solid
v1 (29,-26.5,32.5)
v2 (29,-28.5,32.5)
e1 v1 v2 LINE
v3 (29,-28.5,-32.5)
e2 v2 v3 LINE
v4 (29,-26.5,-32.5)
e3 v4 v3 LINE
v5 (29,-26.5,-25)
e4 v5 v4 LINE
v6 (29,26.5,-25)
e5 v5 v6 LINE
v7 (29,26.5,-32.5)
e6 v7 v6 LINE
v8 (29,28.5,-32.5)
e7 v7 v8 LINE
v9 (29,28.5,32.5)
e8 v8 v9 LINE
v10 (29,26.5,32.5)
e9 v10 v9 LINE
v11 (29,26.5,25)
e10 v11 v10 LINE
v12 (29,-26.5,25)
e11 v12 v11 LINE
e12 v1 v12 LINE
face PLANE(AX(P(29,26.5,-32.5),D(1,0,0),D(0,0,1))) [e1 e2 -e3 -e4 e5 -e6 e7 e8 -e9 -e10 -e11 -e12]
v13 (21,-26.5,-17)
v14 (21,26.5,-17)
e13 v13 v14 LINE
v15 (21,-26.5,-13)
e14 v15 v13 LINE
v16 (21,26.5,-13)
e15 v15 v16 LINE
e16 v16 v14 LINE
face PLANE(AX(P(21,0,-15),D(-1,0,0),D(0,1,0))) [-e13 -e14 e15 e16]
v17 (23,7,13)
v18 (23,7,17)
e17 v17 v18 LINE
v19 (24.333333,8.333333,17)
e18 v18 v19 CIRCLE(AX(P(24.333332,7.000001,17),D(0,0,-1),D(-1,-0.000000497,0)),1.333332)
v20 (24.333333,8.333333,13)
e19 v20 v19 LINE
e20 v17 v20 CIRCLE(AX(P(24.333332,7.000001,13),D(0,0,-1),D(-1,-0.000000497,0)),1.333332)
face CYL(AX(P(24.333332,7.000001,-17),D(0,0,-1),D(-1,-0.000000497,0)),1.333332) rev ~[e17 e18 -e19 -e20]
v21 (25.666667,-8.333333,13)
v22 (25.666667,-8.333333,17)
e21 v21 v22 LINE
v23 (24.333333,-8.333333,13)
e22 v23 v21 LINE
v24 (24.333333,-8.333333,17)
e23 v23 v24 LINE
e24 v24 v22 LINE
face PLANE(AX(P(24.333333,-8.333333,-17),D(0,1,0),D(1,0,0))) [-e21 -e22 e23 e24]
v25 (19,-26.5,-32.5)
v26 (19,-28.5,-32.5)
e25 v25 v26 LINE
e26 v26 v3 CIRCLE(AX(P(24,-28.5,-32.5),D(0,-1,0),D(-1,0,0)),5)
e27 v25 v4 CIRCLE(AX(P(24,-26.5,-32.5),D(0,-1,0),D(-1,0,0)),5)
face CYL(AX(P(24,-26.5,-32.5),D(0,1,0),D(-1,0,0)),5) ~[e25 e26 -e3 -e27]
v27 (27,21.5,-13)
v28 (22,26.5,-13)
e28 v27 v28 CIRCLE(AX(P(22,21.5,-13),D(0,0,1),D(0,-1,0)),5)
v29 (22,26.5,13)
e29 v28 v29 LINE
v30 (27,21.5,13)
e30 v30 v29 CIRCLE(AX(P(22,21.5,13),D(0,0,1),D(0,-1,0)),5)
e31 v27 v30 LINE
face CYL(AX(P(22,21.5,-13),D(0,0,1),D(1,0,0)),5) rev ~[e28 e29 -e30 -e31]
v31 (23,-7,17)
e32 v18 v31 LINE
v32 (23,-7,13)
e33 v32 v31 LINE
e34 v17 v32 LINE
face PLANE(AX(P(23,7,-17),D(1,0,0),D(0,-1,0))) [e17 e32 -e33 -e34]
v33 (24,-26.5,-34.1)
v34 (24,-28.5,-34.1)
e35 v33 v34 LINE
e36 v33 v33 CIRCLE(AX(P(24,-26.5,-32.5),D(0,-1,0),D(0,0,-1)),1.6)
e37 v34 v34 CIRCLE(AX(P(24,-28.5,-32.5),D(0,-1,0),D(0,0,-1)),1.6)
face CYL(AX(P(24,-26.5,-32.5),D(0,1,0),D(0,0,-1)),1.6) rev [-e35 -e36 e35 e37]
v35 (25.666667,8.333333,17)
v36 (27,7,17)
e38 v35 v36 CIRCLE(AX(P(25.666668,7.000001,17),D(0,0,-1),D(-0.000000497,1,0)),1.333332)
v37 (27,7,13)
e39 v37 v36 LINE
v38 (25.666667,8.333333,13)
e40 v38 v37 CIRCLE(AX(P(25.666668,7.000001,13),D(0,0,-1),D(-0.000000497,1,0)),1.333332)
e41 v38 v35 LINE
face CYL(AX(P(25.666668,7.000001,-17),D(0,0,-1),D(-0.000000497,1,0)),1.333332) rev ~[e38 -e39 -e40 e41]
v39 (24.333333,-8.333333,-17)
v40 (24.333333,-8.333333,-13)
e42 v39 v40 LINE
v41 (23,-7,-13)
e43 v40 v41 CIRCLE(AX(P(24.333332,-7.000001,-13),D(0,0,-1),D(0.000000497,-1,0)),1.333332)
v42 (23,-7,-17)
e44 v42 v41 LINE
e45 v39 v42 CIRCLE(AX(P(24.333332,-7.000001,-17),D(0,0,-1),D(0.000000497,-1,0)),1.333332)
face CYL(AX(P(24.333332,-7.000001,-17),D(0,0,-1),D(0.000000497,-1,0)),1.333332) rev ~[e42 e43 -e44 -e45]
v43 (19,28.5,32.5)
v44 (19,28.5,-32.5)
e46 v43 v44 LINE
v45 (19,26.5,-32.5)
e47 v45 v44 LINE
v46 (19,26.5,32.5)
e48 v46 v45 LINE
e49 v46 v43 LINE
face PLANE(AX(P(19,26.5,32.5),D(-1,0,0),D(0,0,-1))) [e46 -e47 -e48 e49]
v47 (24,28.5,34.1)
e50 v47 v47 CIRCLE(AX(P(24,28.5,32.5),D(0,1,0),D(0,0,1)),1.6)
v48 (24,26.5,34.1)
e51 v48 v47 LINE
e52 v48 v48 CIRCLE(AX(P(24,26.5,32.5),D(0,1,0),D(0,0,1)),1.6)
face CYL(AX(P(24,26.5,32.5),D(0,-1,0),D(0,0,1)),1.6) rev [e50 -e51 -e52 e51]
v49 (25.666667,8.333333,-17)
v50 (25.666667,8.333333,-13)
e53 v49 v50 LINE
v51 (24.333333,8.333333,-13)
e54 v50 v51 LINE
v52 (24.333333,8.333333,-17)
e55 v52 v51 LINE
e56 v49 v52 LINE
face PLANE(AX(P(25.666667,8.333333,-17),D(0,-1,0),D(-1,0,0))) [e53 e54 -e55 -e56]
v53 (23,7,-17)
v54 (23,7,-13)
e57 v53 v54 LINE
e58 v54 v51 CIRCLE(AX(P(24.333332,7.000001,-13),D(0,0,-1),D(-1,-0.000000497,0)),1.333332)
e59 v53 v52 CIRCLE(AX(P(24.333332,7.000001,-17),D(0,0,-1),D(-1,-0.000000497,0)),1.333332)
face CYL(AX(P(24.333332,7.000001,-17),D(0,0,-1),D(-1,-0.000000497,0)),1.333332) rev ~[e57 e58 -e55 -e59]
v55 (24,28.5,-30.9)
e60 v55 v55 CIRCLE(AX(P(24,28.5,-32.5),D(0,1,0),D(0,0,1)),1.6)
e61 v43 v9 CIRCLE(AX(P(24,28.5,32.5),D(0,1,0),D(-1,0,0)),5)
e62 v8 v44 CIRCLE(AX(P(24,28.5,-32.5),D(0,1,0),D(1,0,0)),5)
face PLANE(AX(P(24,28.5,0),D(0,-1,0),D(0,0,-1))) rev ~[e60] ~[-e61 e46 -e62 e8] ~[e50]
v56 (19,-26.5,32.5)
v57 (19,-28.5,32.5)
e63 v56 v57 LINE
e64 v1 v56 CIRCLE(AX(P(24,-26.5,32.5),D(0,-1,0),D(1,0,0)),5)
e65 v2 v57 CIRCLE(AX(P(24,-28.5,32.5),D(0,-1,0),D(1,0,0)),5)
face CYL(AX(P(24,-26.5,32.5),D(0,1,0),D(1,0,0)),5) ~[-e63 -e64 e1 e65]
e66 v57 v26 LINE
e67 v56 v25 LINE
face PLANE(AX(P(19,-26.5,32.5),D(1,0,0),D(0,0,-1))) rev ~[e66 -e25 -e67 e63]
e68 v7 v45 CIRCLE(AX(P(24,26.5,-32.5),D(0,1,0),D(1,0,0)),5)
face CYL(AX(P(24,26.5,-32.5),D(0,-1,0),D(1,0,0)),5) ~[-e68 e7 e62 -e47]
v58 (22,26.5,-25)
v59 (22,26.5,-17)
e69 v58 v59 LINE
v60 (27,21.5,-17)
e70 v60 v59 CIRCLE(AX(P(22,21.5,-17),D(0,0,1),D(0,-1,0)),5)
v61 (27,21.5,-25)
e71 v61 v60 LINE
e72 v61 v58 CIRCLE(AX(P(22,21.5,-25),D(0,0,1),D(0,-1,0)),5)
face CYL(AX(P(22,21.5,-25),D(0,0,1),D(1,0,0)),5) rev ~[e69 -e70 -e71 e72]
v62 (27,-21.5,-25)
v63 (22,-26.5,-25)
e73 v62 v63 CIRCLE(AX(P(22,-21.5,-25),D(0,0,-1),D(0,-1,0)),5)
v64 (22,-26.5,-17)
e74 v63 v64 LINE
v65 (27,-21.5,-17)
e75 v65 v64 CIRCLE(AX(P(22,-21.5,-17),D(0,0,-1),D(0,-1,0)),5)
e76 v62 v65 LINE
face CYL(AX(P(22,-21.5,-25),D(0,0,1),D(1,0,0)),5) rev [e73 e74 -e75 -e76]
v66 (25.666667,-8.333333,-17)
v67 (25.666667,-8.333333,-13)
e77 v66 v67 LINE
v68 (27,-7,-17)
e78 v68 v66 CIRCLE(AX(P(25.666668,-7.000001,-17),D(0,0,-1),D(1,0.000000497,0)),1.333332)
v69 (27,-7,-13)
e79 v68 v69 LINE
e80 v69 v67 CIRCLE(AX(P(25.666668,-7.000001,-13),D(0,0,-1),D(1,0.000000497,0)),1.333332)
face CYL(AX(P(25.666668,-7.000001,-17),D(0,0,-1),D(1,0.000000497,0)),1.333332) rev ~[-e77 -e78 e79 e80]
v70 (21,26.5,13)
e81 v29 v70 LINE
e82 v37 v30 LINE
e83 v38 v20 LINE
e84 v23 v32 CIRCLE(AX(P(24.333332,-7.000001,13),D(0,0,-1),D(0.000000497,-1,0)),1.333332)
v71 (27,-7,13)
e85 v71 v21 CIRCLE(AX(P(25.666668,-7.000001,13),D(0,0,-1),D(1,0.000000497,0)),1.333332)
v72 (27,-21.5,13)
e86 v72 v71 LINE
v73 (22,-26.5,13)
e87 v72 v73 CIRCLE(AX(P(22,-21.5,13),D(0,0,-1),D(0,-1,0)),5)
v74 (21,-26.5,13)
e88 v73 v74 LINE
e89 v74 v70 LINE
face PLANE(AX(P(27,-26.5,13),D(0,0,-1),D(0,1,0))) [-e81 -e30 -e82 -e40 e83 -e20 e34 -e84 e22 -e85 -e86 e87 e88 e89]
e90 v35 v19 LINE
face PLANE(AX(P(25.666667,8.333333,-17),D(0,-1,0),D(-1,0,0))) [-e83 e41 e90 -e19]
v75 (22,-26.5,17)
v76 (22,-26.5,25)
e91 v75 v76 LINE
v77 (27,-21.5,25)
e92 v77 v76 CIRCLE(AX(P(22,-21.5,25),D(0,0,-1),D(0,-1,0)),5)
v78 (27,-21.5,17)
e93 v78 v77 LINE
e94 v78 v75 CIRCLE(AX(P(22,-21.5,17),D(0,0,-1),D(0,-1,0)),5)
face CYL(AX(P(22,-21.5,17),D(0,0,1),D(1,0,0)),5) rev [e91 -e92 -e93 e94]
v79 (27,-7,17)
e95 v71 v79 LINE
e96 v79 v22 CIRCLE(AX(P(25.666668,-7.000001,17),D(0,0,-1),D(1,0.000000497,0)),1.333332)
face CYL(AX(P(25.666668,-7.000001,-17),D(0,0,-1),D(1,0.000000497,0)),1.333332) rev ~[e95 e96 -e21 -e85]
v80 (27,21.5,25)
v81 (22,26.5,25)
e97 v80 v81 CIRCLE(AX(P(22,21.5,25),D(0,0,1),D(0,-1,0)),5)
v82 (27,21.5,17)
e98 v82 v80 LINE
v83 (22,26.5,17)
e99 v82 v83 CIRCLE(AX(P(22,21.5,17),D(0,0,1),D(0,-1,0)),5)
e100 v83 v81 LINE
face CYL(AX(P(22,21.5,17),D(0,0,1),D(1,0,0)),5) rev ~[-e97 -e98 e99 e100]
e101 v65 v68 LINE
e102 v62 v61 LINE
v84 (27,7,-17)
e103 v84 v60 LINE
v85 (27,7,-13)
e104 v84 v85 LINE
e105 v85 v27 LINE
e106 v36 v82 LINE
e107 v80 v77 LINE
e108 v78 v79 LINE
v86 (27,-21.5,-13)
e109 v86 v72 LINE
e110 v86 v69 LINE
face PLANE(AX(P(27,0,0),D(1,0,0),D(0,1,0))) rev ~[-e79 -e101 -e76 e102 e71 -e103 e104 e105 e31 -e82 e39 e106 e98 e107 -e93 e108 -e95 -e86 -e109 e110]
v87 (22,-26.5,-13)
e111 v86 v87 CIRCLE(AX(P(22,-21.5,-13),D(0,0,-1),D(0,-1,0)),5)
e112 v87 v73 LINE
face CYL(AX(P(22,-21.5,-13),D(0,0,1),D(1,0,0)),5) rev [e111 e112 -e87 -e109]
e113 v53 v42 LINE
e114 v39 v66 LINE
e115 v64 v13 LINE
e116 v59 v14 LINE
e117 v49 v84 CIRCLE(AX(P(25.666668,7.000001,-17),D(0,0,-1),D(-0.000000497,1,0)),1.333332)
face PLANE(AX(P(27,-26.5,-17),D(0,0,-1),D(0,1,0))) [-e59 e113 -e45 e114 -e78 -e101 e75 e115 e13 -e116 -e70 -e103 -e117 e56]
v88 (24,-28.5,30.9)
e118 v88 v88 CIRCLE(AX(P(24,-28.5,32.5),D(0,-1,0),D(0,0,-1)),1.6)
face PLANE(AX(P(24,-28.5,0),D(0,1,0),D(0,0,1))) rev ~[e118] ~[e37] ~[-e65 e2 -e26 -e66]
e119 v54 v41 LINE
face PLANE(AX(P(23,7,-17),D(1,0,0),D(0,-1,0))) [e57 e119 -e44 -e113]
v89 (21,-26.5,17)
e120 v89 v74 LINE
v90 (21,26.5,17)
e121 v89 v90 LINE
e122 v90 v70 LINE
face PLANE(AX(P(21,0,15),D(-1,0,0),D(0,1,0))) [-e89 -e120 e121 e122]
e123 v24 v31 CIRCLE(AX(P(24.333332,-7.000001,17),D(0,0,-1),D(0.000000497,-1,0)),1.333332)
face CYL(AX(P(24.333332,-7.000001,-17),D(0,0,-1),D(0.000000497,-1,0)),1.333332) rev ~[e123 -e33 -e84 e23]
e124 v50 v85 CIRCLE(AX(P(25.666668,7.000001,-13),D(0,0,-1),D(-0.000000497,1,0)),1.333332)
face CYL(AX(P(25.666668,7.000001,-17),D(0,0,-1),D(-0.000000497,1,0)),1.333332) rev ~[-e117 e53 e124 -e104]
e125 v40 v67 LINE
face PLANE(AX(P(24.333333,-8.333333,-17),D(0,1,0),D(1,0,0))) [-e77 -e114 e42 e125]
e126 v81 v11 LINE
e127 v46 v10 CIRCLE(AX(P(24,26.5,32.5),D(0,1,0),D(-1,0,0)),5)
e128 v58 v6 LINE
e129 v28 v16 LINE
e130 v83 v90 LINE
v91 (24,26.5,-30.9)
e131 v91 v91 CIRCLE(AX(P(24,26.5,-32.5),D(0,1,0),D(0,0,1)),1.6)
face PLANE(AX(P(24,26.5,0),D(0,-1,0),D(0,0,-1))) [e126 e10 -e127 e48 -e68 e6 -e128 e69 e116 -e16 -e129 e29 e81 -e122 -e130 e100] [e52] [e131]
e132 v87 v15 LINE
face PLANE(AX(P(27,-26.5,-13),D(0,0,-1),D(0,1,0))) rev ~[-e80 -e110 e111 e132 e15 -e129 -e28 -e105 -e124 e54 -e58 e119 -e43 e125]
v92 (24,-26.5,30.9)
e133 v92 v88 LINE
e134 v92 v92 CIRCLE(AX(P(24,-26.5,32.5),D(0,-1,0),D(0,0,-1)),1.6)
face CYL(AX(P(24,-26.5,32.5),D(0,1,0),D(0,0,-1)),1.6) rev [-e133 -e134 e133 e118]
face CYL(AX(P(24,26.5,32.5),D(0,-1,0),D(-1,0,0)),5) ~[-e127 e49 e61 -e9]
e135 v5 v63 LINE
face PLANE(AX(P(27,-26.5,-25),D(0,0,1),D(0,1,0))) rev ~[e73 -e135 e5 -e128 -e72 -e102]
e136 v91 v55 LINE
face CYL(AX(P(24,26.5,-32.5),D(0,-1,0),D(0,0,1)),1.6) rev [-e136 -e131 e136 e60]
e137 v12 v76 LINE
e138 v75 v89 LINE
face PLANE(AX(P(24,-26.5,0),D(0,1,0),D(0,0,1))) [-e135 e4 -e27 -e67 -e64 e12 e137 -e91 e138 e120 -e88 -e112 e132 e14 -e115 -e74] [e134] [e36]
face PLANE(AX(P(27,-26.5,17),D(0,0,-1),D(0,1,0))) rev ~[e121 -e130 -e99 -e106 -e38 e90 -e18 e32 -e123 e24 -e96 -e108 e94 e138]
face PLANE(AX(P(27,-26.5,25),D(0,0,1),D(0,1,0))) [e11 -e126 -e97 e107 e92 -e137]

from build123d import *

# Parameters (mm, degrees)
SKETCH_W     = 53
SKETCH_H     = 50
PAD_DEPTH    = 2
SKETCH001_R  = 1.6
PAD001_DEPTH = 2
SKETCH002_R  = 1.6
PAD002_DEPTH = 2
SKETCH003_W  = 53
SKETCH003_H  = 4
PAD003_DEPTH = 6
POCKET_DEPTH = 50
FILLET_R     = 5


with BuildPart() as part:
    # Sketch → Pad (new body)
    with BuildSketch(Plane.YZ.offset(27)):
        Rectangle(SKETCH_W, SKETCH_H)
    extrude(amount=PAD_DEPTH)

    # Sketch001 (on Face4 of Pad) → Pad001 (join)
    with BuildSketch(Plane(origin=(27, -26.5, 0), x_dir=(0, 0, -1), z_dir=(0, -1, 0))):
        with BuildLine():
            Line((-32.5, 2), (32.5, 2))
            ThreePointArc((32.5, -8), (37.5, -3), (32.5, 2))
            Line((-32.5, -8), (32.5, -8))
            ThreePointArc((-32.5, 2), (-37.5, -3), (-32.5, -8))
        make_face()
        with Locations((-32.5, -3)):
            Circle(SKETCH001_R, mode=Mode.SUBTRACT)
        with Locations((32.5, -3)):
            Circle(SKETCH001_R, mode=Mode.SUBTRACT)
    extrude(amount=PAD001_DEPTH)

    # Sketch002 (on Face13 of Pad001) → Pad002 (join)
    with BuildSketch(Plane(origin=(27, 26.5, 0), x_dir=(0, 0, 1), z_dir=(0, 1, 0))):
        with BuildLine():
            Line((-32.5, 2), (32.5, 2))
            ThreePointArc((32.5, -8), (37.5, -3), (32.5, 2))
            Line((32.5, -8), (-32.5, -8))
            ThreePointArc((-32.5, 2), (-37.5, -3), (-32.5, -8))
        make_face()
        with Locations((-32.5, -3)):
            Circle(SKETCH002_R, mode=Mode.SUBTRACT)
        with Locations((32.5, -3)):
            Circle(SKETCH002_R, mode=Mode.SUBTRACT)
    extrude(amount=PAD002_DEPTH)

    # Sketch003 (on Face8 of Pad002) → Pad003 (join)
    with BuildSketch(Plane(origin=(27, 0, 0), x_dir=(0, 1, 0), z_dir=(-1, 0, 0))):
        with Locations((0, -15)):
            Rectangle(SKETCH003_W, SKETCH003_H)
        with Locations((0, 15)):
            Rectangle(SKETCH003_W, SKETCH003_H)
    extrude(amount=PAD003_DEPTH)

    # Sketch004 (on Face9 of Pad003) → Pocket (cut)
    with BuildSketch(Plane(origin=(27, 0, -17), x_dir=(0, 1, 0), z_dir=(0, 0, -1))):
        with BuildLine():
            ThreePointArc((-7, 0), (-7.942809, -0.390524), (-8.333333, -1.333333))
            Line((-8.333333, -2.666667), (-8.333333, -1.333333))
            ThreePointArc((-8.333333, -2.666667), (-7.942809, -3.609476), (-7, -4))
            Line((7, -4), (-7, -4))
            ThreePointArc((7, -4), (7.942809, -3.609476), (8.333333, -2.666667))
            Line((8.333333, -1.333333), (8.333333, -2.666667))
            ThreePointArc((8.333333, -1.333333), (7.942809, -0.390524), (7, 0))
            Line((-7, 0), (7, 0))
        make_face()
    extrude(amount=-POCKET_DEPTH, mode=Mode.SUBTRACT)

    # Fillet
    fillet_edges = [part.edges().sort_by_distance(p)[0] for p in [
        (27, 26.5, 0),
        (27, -26.5, 0),
        (27, 26.5, 21),
        (27, -26.5, 21),
        (27, -26.5, -21),
        (27, 26.5, -21),
    ]]
    fillet(fillet_edges, radius=FILLET_R)


solid = part.part
